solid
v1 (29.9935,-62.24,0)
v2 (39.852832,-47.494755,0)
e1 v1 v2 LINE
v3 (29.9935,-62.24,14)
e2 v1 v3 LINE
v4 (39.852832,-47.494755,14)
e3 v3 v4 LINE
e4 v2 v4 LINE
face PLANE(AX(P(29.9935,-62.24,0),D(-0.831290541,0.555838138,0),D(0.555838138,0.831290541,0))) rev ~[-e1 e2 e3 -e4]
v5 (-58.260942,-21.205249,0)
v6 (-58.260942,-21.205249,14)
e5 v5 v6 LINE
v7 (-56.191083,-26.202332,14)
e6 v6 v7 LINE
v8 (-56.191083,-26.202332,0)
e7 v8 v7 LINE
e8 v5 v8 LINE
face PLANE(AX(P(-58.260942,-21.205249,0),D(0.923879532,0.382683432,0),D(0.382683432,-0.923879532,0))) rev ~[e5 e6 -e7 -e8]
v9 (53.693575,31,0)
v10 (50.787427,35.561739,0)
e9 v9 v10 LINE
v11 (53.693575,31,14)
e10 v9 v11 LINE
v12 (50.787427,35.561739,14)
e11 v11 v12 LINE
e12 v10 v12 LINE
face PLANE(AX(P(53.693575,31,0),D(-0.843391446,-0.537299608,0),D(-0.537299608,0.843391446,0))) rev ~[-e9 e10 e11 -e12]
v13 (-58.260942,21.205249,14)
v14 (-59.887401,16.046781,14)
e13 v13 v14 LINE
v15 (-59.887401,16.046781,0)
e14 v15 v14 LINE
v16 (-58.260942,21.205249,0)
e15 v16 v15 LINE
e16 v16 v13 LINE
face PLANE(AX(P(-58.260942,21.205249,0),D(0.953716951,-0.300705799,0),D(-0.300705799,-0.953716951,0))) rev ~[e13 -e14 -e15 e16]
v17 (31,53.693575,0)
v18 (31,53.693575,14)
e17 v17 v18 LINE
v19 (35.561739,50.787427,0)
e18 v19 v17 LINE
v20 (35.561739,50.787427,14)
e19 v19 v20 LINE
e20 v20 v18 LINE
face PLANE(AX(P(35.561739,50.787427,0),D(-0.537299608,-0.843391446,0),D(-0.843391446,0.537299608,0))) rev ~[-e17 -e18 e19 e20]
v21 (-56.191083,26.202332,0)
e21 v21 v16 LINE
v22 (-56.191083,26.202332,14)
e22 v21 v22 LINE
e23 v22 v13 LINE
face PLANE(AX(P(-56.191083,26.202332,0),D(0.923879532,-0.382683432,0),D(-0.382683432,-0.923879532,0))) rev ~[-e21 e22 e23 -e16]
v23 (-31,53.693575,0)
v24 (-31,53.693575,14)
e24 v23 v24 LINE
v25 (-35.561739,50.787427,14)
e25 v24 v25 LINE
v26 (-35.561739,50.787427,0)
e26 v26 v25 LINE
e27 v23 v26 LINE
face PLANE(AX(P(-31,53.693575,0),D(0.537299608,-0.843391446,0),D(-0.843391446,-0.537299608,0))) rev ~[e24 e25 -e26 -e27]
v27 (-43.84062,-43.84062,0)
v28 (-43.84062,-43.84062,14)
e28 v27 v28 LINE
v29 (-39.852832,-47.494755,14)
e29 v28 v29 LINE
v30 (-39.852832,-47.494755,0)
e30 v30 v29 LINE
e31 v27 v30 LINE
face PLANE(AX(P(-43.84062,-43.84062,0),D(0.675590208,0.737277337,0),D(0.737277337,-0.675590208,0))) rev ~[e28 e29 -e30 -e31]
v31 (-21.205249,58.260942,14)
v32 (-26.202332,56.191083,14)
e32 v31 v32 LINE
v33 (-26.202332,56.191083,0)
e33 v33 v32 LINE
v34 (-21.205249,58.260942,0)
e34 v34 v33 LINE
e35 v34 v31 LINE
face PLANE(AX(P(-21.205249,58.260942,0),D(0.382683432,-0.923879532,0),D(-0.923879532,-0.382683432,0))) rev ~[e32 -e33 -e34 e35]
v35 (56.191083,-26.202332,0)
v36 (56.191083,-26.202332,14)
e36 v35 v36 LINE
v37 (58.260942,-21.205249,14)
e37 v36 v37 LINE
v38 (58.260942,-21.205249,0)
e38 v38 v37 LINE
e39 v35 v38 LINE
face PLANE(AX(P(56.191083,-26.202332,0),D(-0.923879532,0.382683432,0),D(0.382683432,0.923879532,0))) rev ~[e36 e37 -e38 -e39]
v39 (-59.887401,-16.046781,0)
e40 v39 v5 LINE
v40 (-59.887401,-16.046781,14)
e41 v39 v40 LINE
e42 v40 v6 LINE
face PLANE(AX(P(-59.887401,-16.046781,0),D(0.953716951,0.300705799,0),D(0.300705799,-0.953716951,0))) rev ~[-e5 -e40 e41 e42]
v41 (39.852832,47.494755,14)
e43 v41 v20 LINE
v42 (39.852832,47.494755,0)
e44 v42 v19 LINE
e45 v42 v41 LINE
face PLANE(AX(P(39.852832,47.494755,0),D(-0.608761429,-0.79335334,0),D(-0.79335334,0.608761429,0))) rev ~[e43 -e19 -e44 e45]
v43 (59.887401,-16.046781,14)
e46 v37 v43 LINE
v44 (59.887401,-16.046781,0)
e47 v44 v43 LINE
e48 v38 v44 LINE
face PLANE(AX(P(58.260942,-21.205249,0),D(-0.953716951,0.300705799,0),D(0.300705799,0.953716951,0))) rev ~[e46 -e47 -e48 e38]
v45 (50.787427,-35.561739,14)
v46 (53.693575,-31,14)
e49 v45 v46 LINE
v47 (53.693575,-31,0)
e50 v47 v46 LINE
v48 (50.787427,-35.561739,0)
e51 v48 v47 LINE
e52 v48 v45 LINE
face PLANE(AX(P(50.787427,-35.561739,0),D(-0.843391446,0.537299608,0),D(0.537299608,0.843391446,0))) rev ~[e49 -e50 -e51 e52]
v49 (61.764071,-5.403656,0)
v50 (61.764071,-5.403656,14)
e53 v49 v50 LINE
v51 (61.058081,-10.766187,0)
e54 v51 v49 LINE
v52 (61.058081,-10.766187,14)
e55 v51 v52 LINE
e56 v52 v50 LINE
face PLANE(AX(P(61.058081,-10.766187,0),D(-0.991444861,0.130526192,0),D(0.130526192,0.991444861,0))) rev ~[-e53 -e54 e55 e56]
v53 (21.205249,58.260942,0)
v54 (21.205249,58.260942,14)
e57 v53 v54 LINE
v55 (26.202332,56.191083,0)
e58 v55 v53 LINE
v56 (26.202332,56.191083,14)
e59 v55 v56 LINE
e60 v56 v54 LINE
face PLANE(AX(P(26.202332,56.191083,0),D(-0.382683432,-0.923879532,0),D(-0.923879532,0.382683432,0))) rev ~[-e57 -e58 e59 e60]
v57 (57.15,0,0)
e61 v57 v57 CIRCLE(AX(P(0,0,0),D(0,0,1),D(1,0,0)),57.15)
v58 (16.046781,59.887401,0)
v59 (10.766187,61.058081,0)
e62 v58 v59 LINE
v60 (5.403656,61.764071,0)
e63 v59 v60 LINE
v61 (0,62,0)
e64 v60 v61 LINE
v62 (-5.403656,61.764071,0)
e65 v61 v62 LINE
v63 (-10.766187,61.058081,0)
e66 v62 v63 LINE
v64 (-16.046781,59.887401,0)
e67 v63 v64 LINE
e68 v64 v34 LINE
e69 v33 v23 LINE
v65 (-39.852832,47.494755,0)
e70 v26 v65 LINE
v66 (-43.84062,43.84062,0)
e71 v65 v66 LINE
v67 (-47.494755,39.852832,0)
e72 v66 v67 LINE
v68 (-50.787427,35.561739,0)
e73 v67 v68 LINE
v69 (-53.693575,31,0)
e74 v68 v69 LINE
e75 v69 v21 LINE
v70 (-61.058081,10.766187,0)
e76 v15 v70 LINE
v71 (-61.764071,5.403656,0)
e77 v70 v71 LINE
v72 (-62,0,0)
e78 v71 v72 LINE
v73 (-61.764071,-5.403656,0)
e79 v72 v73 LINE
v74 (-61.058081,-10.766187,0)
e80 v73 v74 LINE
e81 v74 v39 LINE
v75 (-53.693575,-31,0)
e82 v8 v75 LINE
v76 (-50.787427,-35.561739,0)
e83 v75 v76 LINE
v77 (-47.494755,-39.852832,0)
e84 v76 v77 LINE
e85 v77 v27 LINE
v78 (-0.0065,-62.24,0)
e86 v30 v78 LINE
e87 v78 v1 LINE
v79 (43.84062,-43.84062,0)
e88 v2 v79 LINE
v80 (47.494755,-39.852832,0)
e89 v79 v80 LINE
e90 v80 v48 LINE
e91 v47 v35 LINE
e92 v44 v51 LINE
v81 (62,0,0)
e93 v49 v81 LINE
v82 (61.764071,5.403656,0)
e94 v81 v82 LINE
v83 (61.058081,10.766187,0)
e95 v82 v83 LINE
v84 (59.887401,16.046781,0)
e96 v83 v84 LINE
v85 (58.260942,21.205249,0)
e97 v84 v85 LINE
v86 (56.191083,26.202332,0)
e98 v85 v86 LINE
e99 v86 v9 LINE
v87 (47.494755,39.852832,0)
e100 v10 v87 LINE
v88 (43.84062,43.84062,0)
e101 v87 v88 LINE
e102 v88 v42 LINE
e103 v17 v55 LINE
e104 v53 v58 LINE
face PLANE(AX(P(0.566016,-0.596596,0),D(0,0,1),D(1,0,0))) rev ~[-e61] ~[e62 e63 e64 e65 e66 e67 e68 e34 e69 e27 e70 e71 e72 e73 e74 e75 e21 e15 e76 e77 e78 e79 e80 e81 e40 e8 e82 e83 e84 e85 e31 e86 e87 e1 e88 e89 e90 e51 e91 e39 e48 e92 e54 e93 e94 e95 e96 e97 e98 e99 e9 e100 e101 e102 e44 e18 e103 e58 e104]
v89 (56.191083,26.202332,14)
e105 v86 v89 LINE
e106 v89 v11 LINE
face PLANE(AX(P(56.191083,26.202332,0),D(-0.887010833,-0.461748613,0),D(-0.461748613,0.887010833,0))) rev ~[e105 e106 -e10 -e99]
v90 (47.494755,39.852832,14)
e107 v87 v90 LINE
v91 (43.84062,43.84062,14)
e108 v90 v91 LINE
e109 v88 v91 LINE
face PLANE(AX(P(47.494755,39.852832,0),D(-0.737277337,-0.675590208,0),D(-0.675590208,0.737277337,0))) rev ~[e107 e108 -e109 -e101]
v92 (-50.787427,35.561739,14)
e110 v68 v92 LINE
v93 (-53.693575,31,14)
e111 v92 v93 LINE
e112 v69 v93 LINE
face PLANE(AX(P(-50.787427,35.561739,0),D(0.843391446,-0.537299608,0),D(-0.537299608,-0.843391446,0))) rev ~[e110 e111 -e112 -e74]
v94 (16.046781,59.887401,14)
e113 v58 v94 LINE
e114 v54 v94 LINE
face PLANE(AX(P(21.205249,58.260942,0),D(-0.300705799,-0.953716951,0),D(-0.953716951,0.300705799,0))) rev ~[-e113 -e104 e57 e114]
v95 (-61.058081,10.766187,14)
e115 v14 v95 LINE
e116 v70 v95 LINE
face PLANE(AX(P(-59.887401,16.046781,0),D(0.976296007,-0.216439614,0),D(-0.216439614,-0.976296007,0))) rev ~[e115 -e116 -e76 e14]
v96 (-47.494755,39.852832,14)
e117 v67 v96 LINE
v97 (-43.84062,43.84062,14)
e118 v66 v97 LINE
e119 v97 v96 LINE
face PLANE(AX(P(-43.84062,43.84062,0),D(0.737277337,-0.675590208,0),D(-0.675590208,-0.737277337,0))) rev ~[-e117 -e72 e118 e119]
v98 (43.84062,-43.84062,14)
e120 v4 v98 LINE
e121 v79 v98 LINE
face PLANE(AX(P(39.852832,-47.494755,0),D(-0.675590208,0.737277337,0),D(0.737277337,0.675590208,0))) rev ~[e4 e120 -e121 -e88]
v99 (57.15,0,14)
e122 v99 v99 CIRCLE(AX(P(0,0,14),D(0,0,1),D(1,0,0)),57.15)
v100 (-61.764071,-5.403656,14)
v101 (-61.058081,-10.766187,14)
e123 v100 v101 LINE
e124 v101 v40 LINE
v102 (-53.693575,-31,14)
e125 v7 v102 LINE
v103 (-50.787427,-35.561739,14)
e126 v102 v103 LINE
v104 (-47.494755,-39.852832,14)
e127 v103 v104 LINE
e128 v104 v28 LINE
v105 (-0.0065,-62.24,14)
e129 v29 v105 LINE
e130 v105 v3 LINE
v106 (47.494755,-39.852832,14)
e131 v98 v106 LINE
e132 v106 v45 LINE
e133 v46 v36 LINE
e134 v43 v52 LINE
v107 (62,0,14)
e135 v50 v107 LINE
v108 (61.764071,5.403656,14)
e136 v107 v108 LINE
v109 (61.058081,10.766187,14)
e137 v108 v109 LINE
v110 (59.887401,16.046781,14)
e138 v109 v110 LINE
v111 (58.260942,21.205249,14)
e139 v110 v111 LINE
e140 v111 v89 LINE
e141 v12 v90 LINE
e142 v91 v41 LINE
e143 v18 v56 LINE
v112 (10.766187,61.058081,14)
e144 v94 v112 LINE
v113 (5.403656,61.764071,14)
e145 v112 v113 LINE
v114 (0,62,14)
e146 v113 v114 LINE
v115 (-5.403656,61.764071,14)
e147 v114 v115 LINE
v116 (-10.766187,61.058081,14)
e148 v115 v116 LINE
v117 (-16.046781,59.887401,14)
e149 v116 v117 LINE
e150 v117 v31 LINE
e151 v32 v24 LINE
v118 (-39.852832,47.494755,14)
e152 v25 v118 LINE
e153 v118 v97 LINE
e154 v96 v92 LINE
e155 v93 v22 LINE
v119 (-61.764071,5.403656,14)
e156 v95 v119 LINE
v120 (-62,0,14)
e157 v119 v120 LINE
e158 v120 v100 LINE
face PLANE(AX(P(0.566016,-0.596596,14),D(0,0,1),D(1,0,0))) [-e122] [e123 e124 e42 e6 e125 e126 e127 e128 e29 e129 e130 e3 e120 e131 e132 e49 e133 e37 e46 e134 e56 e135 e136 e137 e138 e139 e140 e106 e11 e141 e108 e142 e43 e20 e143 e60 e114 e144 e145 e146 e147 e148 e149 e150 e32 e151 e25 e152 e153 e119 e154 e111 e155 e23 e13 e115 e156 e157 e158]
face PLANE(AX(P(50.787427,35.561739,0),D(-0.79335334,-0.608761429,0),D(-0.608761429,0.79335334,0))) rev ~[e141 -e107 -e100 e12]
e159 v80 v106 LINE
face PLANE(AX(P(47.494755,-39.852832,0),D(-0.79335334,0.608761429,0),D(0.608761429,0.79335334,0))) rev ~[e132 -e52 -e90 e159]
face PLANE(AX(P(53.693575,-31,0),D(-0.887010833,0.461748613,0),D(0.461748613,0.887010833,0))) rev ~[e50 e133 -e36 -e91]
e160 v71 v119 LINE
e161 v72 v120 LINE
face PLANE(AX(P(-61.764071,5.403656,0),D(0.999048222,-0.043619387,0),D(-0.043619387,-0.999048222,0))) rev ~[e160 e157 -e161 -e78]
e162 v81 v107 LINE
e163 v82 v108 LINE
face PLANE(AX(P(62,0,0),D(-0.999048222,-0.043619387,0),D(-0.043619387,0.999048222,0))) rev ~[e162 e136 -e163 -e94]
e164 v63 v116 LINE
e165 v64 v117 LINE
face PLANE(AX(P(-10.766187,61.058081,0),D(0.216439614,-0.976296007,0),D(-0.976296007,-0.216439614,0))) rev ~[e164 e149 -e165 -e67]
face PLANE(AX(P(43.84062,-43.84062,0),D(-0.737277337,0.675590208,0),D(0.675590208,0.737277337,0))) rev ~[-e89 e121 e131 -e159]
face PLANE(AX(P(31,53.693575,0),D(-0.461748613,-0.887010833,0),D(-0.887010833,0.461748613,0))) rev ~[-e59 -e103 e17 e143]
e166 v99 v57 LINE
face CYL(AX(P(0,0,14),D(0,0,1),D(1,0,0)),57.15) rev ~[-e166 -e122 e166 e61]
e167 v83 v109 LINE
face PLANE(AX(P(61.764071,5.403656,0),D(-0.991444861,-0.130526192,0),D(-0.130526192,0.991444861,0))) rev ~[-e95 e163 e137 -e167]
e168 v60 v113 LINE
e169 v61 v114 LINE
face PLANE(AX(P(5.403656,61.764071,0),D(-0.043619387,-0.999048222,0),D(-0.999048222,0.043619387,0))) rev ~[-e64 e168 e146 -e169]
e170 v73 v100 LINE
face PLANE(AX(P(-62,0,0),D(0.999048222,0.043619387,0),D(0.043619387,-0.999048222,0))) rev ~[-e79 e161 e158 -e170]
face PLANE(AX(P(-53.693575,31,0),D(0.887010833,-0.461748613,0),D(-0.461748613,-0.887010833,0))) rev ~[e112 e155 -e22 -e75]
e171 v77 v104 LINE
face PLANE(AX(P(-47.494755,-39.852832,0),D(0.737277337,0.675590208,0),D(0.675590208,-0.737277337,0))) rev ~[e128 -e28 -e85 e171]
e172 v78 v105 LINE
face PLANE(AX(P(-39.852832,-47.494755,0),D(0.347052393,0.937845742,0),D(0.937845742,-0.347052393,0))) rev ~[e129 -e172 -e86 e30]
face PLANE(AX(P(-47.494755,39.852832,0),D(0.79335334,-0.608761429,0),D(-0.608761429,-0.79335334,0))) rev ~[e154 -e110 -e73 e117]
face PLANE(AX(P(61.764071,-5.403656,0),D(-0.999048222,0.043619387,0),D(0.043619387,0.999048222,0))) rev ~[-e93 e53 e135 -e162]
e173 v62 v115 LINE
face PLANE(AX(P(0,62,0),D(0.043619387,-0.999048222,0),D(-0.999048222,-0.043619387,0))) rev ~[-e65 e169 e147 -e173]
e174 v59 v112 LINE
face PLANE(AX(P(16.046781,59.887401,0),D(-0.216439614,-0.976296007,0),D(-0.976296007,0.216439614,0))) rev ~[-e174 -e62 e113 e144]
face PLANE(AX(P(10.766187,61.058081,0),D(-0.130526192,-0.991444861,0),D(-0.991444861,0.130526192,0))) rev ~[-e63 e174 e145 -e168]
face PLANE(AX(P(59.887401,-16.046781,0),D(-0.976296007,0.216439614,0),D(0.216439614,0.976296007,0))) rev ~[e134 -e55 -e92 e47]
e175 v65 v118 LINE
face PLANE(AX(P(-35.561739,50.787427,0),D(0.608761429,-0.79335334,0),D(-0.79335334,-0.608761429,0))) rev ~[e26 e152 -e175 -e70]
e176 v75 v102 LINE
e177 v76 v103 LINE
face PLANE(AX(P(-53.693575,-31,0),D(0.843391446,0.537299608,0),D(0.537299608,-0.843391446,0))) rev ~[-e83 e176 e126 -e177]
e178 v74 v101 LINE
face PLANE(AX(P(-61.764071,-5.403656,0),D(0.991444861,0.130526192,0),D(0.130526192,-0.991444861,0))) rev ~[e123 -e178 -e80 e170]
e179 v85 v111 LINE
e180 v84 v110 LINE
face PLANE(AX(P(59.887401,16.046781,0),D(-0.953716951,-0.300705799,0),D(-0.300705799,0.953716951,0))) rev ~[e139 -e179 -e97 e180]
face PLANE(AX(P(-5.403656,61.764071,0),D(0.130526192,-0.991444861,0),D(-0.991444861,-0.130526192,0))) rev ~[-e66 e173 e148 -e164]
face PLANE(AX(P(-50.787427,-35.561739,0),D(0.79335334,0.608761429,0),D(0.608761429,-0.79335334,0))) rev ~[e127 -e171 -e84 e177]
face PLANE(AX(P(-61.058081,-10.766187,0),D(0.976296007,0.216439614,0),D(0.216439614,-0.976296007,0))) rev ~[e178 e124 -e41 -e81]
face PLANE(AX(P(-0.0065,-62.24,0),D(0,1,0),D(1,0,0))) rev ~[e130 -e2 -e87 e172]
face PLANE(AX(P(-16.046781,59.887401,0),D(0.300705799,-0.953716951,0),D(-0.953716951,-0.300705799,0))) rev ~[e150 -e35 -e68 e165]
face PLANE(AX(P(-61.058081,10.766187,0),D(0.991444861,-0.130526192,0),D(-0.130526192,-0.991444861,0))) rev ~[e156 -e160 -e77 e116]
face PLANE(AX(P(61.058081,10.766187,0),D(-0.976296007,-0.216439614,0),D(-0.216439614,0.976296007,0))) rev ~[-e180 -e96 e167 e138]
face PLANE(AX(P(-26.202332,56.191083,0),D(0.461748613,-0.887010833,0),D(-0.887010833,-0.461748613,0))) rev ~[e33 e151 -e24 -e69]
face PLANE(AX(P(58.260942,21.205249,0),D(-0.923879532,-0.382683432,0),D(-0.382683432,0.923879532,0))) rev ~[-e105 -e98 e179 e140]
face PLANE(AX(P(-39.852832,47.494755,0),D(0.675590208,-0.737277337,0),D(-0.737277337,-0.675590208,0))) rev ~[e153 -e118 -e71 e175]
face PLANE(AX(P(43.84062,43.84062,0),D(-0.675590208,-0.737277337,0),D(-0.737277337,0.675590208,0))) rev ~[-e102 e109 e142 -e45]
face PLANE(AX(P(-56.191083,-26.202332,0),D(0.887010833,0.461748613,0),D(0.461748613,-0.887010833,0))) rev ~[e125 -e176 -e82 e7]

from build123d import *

# Parameters (mm, degrees)
CLAMP_AND_LOWER_FOOT_DEPTH = 14
SKETCH_2_R                 = 57.15
CANISTER_SEAT_DEPTH        = 89.959640287


with BuildPart() as part:
    # 草图1 → Clamp_and_lower_foot (new body)
    with BuildSketch(Plane.XY):
        Polygon((39.852831801, -47.494755473), (43.840620434, -43.840620434), (47.494755473, -39.852831801), (50.787426746, -35.561739054), (53.693575035, -31), (56.191082796, -26.202332228), (58.260942489, -21.205248886), (59.88740123, -16.046780796), (61.058080687, -10.766187015), (61.764071282, -5.40365605), (62, 0), (61.764071282, 5.40365605), (61.058080687, 10.766187015), (59.88740123, 16.046780796), (58.260942489, 21.205248886), (56.191082796, 26.202332228), (53.693575035, 31), (50.787426746, 35.561739054), (47.494755473, 39.852831801), (43.840620434, 43.840620434), (39.852831801, 47.494755473), (35.561739054, 50.787426746), (31, 53.693575035), (26.202332228, 56.191082796), (21.205248886, 58.260942489), (16.046780796, 59.88740123), (10.766187015, 61.058080687), (5.40365605, 61.764071282), (0, 62), (-5.40365605, 61.764071282), (-10.766187015, 61.058080687), (-16.046780796, 59.88740123), (-21.205248886, 58.260942489), (-26.202332228, 56.191082796), (-31, 53.693575035), (-35.561739054, 50.787426746), (-39.852831801, 47.494755473), (-43.840620434, 43.840620434), (-47.494755473, 39.852831801), (-50.787426746, 35.561739054), (-53.693575035, 31), (-56.191082796, 26.202332228), (-58.260942489, 21.205248886), (-59.88740123, 16.046780796), (-61.058080687, 10.766187015), (-61.764071282, 5.40365605), (-62, 0), (-61.764071282, -5.40365605), (-61.058080687, -10.766187015), (-59.88740123, -16.046780796), (-58.260942489, -21.205248886), (-56.191082796, -26.202332228), (-53.693575035, -31), (-50.787426746, -35.561739054), (-47.494755473, -39.852831801), (-43.840620434, -43.840620434), (-39.852831801, -47.494755473), (-0.0065, -62.24), (29.9935, -62.24), align=None)
    extrude(amount=CLAMP_AND_LOWER_FOOT_DEPTH)

    # 草图2 → Canister_seat (cut, through all)
    with BuildSketch(Plane.XY.offset(14)):
        Circle(SKETCH_2_R)
    extrude(amount=-CANISTER_SEAT_DEPTH, mode=Mode.SUBTRACT)


solid = part.part
